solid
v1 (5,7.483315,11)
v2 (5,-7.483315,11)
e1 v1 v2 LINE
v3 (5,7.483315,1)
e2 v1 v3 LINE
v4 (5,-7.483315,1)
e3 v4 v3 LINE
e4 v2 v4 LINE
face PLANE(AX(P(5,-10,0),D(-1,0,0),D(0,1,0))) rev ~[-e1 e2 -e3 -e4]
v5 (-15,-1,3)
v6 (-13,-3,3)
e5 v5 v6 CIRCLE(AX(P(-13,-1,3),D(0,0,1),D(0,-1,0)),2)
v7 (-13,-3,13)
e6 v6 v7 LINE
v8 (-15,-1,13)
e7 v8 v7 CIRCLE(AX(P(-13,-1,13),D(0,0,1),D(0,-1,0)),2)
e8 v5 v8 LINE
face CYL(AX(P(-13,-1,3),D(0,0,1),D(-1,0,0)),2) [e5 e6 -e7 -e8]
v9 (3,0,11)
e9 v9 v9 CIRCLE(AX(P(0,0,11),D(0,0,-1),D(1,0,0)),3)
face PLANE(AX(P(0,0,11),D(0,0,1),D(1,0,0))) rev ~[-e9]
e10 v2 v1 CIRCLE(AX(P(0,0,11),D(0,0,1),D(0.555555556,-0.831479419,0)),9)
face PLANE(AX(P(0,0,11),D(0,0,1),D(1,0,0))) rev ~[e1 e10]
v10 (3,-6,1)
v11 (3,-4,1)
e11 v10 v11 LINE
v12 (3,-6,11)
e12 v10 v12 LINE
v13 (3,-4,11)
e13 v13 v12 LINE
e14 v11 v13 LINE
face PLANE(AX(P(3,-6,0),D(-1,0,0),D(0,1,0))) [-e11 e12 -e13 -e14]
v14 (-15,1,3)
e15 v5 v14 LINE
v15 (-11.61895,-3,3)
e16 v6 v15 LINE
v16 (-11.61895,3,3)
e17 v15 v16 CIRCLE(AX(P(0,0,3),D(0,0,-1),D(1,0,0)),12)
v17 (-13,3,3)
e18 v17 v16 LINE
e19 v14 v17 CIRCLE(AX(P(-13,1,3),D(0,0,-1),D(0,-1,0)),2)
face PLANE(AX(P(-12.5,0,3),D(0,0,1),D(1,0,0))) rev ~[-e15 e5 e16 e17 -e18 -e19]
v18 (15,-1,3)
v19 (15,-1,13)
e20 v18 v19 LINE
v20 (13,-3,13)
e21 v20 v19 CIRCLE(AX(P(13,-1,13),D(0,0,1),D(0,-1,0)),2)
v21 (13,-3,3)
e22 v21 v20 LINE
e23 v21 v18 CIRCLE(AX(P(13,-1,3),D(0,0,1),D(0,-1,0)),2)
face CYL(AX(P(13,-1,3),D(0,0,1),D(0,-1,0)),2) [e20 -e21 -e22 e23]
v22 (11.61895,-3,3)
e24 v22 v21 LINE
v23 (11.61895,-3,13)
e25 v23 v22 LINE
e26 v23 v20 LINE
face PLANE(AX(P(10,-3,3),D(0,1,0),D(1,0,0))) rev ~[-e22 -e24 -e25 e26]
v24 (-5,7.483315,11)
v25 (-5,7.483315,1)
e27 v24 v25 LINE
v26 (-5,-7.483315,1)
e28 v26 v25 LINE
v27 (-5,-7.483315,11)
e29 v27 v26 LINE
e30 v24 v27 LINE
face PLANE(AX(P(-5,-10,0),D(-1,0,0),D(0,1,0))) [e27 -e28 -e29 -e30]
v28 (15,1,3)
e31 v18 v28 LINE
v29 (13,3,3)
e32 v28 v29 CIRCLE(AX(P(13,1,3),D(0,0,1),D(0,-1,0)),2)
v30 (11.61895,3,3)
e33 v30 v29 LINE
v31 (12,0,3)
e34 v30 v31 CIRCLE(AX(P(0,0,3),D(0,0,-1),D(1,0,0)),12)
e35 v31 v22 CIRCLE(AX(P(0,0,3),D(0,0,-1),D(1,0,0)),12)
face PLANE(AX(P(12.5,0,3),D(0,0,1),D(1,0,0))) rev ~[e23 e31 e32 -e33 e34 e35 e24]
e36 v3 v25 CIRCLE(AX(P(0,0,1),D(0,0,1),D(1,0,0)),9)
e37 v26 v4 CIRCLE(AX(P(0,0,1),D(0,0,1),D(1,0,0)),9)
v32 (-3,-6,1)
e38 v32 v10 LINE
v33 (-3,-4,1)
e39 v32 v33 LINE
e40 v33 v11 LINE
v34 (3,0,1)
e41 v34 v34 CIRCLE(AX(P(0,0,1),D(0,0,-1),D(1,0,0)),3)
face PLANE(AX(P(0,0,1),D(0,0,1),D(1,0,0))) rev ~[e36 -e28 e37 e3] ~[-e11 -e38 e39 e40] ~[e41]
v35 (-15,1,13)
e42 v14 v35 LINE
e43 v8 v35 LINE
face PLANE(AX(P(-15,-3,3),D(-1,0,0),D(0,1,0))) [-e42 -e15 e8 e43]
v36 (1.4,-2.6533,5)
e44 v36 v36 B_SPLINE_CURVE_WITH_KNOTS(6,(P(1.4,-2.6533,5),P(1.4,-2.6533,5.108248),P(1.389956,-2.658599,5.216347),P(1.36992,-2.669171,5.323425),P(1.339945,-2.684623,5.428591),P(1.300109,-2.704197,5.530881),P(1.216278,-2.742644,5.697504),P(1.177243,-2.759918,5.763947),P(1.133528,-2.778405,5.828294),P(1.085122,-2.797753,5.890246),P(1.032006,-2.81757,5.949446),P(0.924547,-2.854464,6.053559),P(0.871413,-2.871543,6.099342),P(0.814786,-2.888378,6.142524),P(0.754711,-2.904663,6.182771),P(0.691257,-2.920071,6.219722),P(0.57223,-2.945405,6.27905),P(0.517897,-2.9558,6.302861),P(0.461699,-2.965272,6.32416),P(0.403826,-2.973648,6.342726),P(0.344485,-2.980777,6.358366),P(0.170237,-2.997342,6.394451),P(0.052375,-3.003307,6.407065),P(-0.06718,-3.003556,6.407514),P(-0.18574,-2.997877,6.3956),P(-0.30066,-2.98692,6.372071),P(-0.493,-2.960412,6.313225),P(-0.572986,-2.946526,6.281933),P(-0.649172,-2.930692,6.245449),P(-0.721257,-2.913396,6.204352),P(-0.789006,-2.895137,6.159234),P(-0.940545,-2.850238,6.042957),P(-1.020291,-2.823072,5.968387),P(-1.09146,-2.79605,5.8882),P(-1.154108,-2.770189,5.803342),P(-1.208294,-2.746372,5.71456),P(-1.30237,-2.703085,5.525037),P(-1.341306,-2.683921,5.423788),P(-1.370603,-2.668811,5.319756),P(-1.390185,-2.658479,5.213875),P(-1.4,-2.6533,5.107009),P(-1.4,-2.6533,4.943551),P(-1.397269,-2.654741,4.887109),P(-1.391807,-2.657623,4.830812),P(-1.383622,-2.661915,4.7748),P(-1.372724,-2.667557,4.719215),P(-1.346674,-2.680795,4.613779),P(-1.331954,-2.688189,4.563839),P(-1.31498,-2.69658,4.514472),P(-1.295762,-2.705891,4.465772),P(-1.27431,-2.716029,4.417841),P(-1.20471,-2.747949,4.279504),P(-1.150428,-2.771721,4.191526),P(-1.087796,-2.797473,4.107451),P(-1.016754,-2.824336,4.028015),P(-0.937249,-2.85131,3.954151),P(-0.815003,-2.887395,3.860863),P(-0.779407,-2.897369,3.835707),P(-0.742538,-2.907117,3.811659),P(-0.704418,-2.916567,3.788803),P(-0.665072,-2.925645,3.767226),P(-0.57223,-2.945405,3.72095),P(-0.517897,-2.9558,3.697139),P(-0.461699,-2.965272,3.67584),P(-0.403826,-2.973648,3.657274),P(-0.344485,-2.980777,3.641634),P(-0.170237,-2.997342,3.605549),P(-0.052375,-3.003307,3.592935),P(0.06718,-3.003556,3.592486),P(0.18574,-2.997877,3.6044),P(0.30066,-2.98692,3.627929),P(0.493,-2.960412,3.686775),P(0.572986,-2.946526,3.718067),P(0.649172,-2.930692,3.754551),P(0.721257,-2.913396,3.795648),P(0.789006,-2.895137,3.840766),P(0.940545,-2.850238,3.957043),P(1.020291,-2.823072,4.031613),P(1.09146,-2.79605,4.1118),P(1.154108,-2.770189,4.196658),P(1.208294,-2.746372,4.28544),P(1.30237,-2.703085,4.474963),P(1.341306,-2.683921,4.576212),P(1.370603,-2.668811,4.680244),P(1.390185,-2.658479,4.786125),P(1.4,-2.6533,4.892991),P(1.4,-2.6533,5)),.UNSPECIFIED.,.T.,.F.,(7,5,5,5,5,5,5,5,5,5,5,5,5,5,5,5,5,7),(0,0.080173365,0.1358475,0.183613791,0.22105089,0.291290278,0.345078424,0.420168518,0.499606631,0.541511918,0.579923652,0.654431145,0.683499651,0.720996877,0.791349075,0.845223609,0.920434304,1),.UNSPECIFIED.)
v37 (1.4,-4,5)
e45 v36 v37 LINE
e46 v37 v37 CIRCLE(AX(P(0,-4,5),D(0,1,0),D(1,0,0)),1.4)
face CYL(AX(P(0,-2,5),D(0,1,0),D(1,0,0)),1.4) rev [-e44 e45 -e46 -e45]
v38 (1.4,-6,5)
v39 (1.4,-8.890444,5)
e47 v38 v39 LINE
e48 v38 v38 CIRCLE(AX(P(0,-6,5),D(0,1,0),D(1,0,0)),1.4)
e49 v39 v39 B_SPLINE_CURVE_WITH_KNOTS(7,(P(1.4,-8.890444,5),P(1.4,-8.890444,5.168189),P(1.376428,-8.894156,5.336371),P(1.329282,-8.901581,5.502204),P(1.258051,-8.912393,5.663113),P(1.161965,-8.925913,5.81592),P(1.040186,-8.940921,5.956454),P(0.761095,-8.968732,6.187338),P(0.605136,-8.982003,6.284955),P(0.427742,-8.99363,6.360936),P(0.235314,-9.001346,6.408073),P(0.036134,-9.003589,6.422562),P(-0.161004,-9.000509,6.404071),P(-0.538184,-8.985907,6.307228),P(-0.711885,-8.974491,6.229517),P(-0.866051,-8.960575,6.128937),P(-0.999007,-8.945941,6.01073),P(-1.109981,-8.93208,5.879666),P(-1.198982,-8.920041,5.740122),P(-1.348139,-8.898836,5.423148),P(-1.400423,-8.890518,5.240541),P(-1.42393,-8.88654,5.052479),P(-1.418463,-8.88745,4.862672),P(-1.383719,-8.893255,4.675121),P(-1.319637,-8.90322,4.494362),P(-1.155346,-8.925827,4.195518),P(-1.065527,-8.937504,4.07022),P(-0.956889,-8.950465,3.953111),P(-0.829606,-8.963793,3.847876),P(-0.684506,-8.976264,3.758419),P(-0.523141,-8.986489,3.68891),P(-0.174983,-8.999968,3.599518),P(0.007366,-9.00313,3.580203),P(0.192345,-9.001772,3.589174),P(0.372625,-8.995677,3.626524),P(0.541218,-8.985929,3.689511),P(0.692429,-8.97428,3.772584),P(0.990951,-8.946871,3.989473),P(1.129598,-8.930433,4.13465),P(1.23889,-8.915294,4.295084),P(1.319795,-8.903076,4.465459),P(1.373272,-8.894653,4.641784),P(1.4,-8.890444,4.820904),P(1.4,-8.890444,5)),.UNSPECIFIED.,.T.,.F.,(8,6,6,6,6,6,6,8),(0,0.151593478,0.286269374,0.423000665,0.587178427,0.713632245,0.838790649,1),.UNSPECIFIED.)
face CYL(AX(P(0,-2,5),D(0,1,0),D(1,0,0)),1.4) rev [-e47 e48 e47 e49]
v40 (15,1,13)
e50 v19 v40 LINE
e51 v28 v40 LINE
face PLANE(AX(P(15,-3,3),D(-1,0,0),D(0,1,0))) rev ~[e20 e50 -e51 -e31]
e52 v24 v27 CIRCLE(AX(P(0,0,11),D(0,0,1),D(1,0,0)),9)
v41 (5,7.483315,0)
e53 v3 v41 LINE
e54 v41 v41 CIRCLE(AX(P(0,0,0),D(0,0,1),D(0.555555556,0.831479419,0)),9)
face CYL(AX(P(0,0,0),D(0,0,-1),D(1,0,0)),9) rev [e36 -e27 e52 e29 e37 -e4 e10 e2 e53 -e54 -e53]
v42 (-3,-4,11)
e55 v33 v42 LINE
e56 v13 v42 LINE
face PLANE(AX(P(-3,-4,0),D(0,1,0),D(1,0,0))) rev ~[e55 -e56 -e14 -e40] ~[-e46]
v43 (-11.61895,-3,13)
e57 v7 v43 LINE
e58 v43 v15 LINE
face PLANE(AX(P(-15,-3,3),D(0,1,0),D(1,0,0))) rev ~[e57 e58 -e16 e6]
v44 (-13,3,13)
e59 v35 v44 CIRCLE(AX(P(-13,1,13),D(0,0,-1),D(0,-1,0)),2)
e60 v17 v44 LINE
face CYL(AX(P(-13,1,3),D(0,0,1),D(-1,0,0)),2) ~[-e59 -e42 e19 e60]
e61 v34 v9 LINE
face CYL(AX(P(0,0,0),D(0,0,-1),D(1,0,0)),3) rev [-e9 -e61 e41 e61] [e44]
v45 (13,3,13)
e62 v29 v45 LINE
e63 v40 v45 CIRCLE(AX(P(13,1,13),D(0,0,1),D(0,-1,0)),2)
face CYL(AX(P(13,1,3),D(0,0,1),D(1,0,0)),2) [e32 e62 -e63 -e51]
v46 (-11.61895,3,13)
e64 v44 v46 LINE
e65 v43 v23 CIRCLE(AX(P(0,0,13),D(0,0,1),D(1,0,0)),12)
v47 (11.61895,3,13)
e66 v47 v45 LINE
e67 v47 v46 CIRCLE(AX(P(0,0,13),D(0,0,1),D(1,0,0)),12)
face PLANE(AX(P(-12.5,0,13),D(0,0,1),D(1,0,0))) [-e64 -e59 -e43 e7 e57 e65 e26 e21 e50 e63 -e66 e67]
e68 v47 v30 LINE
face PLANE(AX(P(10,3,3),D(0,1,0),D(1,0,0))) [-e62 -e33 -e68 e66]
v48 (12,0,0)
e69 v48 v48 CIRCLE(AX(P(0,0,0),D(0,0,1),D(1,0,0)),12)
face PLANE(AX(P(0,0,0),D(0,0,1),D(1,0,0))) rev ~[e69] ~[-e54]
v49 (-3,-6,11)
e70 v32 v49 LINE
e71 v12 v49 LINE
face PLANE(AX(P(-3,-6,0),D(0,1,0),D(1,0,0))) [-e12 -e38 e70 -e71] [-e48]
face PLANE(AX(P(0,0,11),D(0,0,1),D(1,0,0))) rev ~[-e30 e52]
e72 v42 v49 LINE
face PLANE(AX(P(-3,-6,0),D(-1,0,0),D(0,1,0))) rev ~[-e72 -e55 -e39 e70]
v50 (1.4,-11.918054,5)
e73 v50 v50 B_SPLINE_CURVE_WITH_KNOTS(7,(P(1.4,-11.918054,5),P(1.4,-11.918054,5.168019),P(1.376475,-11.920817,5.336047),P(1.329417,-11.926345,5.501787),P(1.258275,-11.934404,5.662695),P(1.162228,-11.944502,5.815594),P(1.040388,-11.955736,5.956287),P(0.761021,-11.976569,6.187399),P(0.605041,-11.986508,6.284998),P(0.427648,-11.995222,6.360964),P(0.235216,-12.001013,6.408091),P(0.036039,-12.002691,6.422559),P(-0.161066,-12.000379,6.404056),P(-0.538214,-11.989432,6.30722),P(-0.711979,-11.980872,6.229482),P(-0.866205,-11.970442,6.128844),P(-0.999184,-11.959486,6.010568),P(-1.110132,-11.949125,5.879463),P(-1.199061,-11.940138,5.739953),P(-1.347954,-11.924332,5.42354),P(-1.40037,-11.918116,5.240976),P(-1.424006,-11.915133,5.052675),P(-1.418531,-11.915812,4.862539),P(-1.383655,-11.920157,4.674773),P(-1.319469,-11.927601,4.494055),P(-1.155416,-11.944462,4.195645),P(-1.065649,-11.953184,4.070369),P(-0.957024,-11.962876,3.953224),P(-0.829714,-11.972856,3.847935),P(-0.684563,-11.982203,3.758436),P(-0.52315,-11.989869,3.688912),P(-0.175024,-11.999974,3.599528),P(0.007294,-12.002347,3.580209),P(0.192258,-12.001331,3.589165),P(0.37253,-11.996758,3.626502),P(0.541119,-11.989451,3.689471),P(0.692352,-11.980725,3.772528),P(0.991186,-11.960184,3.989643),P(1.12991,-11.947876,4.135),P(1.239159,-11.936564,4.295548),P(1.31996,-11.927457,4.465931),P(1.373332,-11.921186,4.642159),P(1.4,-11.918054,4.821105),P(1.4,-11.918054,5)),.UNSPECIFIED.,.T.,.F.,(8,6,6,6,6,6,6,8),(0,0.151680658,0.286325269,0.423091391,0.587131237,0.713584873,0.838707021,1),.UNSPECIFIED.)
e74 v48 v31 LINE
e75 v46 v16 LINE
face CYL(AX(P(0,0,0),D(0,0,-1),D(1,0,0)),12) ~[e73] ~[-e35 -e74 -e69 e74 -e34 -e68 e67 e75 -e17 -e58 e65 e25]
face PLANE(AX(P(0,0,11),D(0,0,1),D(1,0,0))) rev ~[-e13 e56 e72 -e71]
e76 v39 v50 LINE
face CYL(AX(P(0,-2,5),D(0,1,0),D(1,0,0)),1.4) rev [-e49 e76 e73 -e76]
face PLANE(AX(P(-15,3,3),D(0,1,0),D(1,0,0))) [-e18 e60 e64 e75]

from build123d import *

# Parameters (mm, degrees)
BOX003_W          = 5
BOX003_H          = 6
BOX003_DEPTH      = 10
FILLET_R          = 2
BOX002_W          = 5
BOX002_H          = 6
BOX002_DEPTH      = 10
FILLET001_R       = 2
CYLINDER005_R     = 1.4
CYLINDER005_DEPTH = 11
CYLINDER004_R     = 9
CYLINDER004_DEPTH = 1
CYLINDER003_R     = 1.4
CYLINDER003_DEPTH = 11
BOX001_W          = 6
BOX001_H          = 2
BOX001_DEPTH      = 12
CYLINDER002_R     = 3
CYLINDER002_DEPTH = 12
BOX_W             = 10
BOX_H             = 20
BOX_DEPTH         = 12
CYLINDER001_R     = 9
CYLINDER001_DEPTH = 11
CYLINDER_R        = 12
CYLINDER_DEPTH    = 13


with BuildPart() as fillet_body:
    # Box003 → Box003 (new body)
    with BuildSketch(Plane(origin=(-15, -3, 3), x_dir=(1, 0, 0), z_dir=(0, 0, 1))):
        with Locations((2.5, 3)):
            Rectangle(BOX003_W, BOX003_H)
    extrude(amount=BOX003_DEPTH)

    # Fillet
    fillet_edges = [fillet_body.edges().sort_by_distance(p)[0] for p in [
        (-15, -3, 8),
        (-15, 3, 8),
    ]]
    fillet(fillet_edges, radius=FILLET_R)


with BuildPart() as fillet001:
    # Box002 → Box002 (new body)
    with BuildSketch(Plane(origin=(10, -3, 3), x_dir=(1, 0, 0), z_dir=(0, 0, 1))):
        with Locations((2.5, 3)):
            Rectangle(BOX002_W, BOX002_H)
    extrude(amount=BOX002_DEPTH)

    # Fillet001
    fillet001_edges = [fillet001.edges().sort_by_distance(p)[0] for p in [
        (15, -3, 8),
        (15, 3, 8),
    ]]
    fillet(fillet001_edges, radius=FILLET001_R)


with BuildPart() as cylinder005:
    # Cylinder005 → Cylinder005 (new body)
    with BuildSketch(Plane(origin=(0, -2, 5), x_dir=(1, 0, 0), z_dir=(0, -1, 0))):
        Circle(CYLINDER005_R)
    extrude(amount=CYLINDER005_DEPTH)


with BuildPart() as cylinder004:
    # Cylinder004 → Cylinder004 (new body)
    with BuildSketch(Plane.XY):
        Circle(CYLINDER004_R)
    extrude(amount=CYLINDER004_DEPTH)


with BuildPart() as cylinder003:
    # Cylinder003 → Cylinder003 (new body)
    with BuildSketch(Plane(origin=(0, -2, 5), x_dir=(1, 0, 0), z_dir=(0, -1, 0))):
        Circle(CYLINDER003_R)
    extrude(amount=CYLINDER003_DEPTH)


with BuildPart() as cube001:
    # Box001 → Box001 (new body)
    with BuildSketch(Plane(origin=(-3, -6, 0), x_dir=(1, 0, 0), z_dir=(0, 0, 1))):
        with Locations((3, 1)):
            Rectangle(BOX001_W, BOX001_H)
    extrude(amount=BOX001_DEPTH)


with BuildPart() as cylinder002:
    # Cylinder002 → Cylinder002 (new body)
    with BuildSketch(Plane.XY):
        Circle(CYLINDER002_R)
    extrude(amount=CYLINDER002_DEPTH)


with BuildPart() as cut003:
    # Box → Box (new body)
    with BuildSketch(Plane(origin=(-5, -10, 0), x_dir=(1, 0, 0), z_dir=(0, 0, 1))):
        with Locations((5, 10)):
            Rectangle(BOX_W, BOX_H)
    extrude(amount=BOX_DEPTH)

    # Cut001: cut Cylinder002
    add(cylinder002.part, mode=Mode.SUBTRACT)

    # Cut002: cut Cube001
    add(cube001.part, mode=Mode.SUBTRACT)

    # Cut003: cut Cylinder003
    add(cylinder003.part, mode=Mode.SUBTRACT)


with BuildPart() as cylinder001:
    # Cylinder001 → Cylinder001 (new body)
    with BuildSketch(Plane.XY):
        Circle(CYLINDER001_R)
    extrude(amount=CYLINDER001_DEPTH)


with BuildPart() as fusion001:
    # Cylinder → Cylinder (new body)
    with BuildSketch(Plane.XY):
        Circle(CYLINDER_R)
    extrude(amount=CYLINDER_DEPTH)

    # Cut: cut Cylinder001
    add(cylinder001.part, mode=Mode.SUBTRACT)

    # Fusion: union Cut003
    add(cut003.part)

    # Cut004: cut Cylinder004
    add(cylinder004.part, mode=Mode.SUBTRACT)

    # Cut005: cut Cylinder005
    add(cylinder005.part, mode=Mode.SUBTRACT)

    # Fusion001: union Fillet body, Fillet001
    add(fillet_body.part)
    add(fillet001.part)


solid = fusion001.part
